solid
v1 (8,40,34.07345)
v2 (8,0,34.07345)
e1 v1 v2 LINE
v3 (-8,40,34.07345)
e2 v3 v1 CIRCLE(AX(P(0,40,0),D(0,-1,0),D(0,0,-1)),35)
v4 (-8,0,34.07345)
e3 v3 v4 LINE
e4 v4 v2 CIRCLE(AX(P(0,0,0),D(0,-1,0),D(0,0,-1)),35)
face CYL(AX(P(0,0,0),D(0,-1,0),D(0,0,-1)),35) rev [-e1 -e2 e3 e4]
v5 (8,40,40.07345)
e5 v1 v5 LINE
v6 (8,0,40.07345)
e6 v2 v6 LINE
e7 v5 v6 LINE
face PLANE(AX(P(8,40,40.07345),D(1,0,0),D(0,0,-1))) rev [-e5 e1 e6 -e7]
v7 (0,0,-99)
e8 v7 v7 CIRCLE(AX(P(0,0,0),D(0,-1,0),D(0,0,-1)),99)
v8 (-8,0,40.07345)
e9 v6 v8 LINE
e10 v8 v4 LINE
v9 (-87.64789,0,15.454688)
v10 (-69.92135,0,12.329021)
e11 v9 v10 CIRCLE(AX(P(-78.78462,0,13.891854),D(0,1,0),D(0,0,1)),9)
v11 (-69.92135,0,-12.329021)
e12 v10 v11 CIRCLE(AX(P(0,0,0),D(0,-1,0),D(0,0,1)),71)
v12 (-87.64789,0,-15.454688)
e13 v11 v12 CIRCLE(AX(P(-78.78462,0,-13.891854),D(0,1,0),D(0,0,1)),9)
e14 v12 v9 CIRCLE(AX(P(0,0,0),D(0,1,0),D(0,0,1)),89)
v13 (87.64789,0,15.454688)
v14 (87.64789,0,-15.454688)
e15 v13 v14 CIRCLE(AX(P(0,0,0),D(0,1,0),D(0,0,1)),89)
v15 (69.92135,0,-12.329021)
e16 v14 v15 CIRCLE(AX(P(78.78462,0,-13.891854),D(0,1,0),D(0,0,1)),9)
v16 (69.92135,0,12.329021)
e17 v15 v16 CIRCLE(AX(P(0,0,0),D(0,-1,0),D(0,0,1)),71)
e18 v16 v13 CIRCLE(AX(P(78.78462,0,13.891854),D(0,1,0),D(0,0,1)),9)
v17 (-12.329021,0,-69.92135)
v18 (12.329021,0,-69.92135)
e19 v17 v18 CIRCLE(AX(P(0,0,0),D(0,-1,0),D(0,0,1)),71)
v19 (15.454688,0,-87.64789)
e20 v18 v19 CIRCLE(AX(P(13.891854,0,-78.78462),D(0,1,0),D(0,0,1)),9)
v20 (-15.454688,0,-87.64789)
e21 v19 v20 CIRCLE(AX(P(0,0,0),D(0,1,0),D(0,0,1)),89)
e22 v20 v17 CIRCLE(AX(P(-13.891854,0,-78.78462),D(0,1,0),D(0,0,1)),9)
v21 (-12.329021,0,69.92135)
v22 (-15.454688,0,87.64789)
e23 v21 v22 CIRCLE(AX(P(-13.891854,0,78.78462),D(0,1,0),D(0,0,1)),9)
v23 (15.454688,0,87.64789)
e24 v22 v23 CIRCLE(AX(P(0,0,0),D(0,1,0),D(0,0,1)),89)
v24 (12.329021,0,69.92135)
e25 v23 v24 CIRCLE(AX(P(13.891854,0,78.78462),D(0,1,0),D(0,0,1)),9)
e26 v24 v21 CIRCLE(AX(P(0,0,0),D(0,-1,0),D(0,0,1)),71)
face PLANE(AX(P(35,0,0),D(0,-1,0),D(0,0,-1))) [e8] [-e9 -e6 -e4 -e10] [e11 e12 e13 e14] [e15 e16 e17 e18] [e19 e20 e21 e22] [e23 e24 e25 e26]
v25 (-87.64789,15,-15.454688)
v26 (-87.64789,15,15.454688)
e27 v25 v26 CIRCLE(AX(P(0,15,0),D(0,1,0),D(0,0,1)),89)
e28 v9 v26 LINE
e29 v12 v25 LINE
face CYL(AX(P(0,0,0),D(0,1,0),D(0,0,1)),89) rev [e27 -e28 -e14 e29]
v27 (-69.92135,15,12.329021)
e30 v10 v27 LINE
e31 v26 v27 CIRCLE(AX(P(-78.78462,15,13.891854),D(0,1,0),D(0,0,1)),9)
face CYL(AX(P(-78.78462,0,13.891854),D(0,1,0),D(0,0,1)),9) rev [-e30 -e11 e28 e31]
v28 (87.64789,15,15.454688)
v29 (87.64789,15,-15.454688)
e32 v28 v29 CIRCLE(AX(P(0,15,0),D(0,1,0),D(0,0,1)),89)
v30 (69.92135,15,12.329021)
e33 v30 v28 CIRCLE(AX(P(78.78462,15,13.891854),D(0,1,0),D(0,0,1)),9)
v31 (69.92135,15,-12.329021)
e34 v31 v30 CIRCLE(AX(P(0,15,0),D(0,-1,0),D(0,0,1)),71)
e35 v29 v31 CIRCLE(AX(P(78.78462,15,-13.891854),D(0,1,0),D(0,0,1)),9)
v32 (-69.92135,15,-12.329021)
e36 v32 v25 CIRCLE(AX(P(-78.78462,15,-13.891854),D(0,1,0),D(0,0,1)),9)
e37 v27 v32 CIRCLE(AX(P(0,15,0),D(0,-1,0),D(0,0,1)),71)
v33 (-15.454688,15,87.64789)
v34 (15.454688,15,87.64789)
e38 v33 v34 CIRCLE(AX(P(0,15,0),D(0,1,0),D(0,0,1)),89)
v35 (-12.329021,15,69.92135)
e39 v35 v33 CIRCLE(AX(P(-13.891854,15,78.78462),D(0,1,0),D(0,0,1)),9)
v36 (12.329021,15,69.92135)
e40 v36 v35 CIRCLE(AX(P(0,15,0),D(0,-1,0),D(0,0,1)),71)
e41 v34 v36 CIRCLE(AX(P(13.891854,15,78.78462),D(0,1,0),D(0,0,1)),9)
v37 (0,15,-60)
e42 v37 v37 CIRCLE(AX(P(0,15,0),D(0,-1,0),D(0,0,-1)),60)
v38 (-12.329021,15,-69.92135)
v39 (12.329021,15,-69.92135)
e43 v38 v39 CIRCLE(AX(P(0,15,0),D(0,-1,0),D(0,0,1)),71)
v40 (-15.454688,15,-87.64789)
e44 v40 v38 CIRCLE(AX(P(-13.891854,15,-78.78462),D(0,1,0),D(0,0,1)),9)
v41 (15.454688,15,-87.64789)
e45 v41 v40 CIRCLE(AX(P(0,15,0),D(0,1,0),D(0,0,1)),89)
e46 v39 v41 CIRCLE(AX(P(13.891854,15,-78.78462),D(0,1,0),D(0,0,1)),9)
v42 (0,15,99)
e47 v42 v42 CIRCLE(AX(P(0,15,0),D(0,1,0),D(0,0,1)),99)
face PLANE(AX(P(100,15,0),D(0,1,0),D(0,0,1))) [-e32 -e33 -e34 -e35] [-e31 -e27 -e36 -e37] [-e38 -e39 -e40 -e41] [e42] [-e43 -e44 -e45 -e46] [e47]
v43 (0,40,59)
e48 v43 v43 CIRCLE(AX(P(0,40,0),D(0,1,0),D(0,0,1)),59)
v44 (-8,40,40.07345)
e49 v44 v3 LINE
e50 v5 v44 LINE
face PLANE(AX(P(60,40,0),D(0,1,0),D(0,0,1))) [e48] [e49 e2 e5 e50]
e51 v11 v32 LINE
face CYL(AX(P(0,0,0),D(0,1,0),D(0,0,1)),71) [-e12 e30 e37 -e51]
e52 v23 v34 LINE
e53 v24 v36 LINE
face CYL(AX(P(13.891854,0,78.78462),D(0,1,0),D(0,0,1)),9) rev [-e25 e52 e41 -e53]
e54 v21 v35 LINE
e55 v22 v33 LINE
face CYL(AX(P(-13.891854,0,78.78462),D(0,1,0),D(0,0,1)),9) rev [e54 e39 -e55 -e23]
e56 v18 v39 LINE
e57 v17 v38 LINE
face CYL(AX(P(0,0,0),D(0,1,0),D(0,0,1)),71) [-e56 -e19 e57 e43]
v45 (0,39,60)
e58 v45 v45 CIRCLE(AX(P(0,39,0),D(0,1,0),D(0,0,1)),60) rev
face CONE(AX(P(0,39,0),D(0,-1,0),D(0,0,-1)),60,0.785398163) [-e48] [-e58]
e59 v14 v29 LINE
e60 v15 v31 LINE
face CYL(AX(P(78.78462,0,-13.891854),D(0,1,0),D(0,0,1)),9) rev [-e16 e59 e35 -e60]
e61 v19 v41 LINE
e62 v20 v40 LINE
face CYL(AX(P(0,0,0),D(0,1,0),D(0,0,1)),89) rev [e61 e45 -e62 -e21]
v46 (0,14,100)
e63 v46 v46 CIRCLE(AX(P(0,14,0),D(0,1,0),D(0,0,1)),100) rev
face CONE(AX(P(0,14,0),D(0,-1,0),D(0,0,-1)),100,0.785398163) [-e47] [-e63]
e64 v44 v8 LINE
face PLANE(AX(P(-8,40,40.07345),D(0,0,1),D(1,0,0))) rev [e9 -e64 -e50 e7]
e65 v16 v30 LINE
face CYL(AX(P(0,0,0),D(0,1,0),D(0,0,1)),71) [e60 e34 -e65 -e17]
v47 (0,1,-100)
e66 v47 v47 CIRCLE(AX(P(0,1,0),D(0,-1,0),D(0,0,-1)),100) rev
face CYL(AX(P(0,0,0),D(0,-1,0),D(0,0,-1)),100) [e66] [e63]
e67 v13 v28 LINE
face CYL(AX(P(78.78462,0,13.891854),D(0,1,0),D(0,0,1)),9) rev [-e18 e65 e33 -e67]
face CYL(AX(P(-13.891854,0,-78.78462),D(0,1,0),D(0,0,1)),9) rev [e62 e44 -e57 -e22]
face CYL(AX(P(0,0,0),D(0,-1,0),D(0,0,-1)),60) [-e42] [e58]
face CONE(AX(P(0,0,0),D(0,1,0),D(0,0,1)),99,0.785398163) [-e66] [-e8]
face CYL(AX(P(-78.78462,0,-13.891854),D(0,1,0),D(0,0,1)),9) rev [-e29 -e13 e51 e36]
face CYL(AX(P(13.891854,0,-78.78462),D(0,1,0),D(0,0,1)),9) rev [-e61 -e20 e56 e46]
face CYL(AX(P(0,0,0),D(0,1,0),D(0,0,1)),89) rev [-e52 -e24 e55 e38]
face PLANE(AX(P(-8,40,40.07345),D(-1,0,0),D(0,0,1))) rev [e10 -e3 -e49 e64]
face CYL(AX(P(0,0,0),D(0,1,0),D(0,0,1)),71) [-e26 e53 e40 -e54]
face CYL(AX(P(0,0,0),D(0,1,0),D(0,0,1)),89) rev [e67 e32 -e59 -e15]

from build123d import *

# Parameters (mm, degrees)
CUT_EXTRUDE_1_DEPTH = 144.614066163
SKETCH_3_W          = 16
SKETCH_3_H          = 6
CUT_EXTRUDE_2_DEPTH = 147.969384567
CHAMFER_1_SIZE      = 1


with BuildPart() as part:
    # 草图1 → 旋转1 (revolve)
    with BuildSketch(Plane.XY, mode=Mode.PRIVATE) as revolve_1_sk:
        Polygon((35, 0), (100, 0), (100, 15), (60, 15), (60, 40), (35, 40), align=None)
    revolve(revolve_1_sk.sketch.rotate(Axis((0, 0, 0), (0, 1, 0)), 90), axis=Axis((0, 0, 0), (0, 1, 0)))

    # 草图2 → 切除-拉伸1 (cut, through all)
    with BuildSketch(Plane(origin=(0, 15, 0), x_dir=(1, 0, 0), z_dir=(0, 1, 0))):
        with BuildLine():
            ThreePointArc((15.454687812, 87.647890018), (0, 89), (-15.454687812, 87.647890018))
            ThreePointArc((-15.454687812, 87.647890018), (-22.75512399, 77.221786642), (-12.329020614, 69.921350464))
            ThreePointArc((-12.329020614, 69.921350464), (0, 71), (12.329020614, 69.921350464))
            ThreePointArc((12.329020614, 69.921350464), (22.75512399, 77.221786642), (15.454687812, 87.647890018))
        make_face()
        with BuildLine():
            ThreePointArc((69.921350464, -12.329020614), (77.221786642, -22.75512399), (87.647890018, -15.454687812))
            ThreePointArc((87.647890018, -15.454687812), (89, 0), (87.647890018, 15.454687812))
            ThreePointArc((87.647890018, 15.454687812), (77.221786642, 22.75512399), (69.921350464, 12.329020614))
            ThreePointArc((69.921350464, 12.329020614), (71, 0), (69.921350464, -12.329020614))
        make_face()
        with BuildLine():
            ThreePointArc((-12.329020614, -69.921350464), (-22.75512399, -77.221786642), (-15.454687812, -87.647890018))
            ThreePointArc((-15.454687812, -87.647890018), (0, -89), (15.454687812, -87.647890018))
            ThreePointArc((15.454687812, -87.647890018), (22.75512399, -77.221786642), (12.329020614, -69.921350464))
            ThreePointArc((12.329020614, -69.921350464), (0, -71), (-12.329020614, -69.921350464))
        make_face()
        with BuildLine():
            ThreePointArc((-69.921350464, 12.329020614), (-77.221786642, 22.75512399), (-87.647890018, 15.454687812))
            ThreePointArc((-87.647890018, 15.454687812), (-89, 0), (-87.647890018, -15.454687812))
            ThreePointArc((-87.647890018, -15.454687812), (-77.221786642, -22.75512399), (-69.921350464, -12.329020614))
            ThreePointArc((-69.921350464, -12.329020614), (-71, 0), (-69.921350464, 12.329020614))
        make_face()
    extrude(amount=-CUT_EXTRUDE_1_DEPTH, mode=Mode.SUBTRACT)

    # 草图3 → 切除-拉伸2 (cut, through all)
    with BuildSketch(Plane.XZ):
        with Locations((0, 37.073450075)):
            Rectangle(SKETCH_3_W, SKETCH_3_H)
    extrude(amount=-CUT_EXTRUDE_2_DEPTH, mode=Mode.SUBTRACT)

    # 倒角1
    chamfer_1_edges = [part.edges().sort_by_distance(p)[0] for p in [
        (0, 40, 60),
        (0, 15, 100),
        (0, 0, 100),
    ]]
    chamfer(chamfer_1_edges, length=CHAMFER_1_SIZE)


solid = part.part
